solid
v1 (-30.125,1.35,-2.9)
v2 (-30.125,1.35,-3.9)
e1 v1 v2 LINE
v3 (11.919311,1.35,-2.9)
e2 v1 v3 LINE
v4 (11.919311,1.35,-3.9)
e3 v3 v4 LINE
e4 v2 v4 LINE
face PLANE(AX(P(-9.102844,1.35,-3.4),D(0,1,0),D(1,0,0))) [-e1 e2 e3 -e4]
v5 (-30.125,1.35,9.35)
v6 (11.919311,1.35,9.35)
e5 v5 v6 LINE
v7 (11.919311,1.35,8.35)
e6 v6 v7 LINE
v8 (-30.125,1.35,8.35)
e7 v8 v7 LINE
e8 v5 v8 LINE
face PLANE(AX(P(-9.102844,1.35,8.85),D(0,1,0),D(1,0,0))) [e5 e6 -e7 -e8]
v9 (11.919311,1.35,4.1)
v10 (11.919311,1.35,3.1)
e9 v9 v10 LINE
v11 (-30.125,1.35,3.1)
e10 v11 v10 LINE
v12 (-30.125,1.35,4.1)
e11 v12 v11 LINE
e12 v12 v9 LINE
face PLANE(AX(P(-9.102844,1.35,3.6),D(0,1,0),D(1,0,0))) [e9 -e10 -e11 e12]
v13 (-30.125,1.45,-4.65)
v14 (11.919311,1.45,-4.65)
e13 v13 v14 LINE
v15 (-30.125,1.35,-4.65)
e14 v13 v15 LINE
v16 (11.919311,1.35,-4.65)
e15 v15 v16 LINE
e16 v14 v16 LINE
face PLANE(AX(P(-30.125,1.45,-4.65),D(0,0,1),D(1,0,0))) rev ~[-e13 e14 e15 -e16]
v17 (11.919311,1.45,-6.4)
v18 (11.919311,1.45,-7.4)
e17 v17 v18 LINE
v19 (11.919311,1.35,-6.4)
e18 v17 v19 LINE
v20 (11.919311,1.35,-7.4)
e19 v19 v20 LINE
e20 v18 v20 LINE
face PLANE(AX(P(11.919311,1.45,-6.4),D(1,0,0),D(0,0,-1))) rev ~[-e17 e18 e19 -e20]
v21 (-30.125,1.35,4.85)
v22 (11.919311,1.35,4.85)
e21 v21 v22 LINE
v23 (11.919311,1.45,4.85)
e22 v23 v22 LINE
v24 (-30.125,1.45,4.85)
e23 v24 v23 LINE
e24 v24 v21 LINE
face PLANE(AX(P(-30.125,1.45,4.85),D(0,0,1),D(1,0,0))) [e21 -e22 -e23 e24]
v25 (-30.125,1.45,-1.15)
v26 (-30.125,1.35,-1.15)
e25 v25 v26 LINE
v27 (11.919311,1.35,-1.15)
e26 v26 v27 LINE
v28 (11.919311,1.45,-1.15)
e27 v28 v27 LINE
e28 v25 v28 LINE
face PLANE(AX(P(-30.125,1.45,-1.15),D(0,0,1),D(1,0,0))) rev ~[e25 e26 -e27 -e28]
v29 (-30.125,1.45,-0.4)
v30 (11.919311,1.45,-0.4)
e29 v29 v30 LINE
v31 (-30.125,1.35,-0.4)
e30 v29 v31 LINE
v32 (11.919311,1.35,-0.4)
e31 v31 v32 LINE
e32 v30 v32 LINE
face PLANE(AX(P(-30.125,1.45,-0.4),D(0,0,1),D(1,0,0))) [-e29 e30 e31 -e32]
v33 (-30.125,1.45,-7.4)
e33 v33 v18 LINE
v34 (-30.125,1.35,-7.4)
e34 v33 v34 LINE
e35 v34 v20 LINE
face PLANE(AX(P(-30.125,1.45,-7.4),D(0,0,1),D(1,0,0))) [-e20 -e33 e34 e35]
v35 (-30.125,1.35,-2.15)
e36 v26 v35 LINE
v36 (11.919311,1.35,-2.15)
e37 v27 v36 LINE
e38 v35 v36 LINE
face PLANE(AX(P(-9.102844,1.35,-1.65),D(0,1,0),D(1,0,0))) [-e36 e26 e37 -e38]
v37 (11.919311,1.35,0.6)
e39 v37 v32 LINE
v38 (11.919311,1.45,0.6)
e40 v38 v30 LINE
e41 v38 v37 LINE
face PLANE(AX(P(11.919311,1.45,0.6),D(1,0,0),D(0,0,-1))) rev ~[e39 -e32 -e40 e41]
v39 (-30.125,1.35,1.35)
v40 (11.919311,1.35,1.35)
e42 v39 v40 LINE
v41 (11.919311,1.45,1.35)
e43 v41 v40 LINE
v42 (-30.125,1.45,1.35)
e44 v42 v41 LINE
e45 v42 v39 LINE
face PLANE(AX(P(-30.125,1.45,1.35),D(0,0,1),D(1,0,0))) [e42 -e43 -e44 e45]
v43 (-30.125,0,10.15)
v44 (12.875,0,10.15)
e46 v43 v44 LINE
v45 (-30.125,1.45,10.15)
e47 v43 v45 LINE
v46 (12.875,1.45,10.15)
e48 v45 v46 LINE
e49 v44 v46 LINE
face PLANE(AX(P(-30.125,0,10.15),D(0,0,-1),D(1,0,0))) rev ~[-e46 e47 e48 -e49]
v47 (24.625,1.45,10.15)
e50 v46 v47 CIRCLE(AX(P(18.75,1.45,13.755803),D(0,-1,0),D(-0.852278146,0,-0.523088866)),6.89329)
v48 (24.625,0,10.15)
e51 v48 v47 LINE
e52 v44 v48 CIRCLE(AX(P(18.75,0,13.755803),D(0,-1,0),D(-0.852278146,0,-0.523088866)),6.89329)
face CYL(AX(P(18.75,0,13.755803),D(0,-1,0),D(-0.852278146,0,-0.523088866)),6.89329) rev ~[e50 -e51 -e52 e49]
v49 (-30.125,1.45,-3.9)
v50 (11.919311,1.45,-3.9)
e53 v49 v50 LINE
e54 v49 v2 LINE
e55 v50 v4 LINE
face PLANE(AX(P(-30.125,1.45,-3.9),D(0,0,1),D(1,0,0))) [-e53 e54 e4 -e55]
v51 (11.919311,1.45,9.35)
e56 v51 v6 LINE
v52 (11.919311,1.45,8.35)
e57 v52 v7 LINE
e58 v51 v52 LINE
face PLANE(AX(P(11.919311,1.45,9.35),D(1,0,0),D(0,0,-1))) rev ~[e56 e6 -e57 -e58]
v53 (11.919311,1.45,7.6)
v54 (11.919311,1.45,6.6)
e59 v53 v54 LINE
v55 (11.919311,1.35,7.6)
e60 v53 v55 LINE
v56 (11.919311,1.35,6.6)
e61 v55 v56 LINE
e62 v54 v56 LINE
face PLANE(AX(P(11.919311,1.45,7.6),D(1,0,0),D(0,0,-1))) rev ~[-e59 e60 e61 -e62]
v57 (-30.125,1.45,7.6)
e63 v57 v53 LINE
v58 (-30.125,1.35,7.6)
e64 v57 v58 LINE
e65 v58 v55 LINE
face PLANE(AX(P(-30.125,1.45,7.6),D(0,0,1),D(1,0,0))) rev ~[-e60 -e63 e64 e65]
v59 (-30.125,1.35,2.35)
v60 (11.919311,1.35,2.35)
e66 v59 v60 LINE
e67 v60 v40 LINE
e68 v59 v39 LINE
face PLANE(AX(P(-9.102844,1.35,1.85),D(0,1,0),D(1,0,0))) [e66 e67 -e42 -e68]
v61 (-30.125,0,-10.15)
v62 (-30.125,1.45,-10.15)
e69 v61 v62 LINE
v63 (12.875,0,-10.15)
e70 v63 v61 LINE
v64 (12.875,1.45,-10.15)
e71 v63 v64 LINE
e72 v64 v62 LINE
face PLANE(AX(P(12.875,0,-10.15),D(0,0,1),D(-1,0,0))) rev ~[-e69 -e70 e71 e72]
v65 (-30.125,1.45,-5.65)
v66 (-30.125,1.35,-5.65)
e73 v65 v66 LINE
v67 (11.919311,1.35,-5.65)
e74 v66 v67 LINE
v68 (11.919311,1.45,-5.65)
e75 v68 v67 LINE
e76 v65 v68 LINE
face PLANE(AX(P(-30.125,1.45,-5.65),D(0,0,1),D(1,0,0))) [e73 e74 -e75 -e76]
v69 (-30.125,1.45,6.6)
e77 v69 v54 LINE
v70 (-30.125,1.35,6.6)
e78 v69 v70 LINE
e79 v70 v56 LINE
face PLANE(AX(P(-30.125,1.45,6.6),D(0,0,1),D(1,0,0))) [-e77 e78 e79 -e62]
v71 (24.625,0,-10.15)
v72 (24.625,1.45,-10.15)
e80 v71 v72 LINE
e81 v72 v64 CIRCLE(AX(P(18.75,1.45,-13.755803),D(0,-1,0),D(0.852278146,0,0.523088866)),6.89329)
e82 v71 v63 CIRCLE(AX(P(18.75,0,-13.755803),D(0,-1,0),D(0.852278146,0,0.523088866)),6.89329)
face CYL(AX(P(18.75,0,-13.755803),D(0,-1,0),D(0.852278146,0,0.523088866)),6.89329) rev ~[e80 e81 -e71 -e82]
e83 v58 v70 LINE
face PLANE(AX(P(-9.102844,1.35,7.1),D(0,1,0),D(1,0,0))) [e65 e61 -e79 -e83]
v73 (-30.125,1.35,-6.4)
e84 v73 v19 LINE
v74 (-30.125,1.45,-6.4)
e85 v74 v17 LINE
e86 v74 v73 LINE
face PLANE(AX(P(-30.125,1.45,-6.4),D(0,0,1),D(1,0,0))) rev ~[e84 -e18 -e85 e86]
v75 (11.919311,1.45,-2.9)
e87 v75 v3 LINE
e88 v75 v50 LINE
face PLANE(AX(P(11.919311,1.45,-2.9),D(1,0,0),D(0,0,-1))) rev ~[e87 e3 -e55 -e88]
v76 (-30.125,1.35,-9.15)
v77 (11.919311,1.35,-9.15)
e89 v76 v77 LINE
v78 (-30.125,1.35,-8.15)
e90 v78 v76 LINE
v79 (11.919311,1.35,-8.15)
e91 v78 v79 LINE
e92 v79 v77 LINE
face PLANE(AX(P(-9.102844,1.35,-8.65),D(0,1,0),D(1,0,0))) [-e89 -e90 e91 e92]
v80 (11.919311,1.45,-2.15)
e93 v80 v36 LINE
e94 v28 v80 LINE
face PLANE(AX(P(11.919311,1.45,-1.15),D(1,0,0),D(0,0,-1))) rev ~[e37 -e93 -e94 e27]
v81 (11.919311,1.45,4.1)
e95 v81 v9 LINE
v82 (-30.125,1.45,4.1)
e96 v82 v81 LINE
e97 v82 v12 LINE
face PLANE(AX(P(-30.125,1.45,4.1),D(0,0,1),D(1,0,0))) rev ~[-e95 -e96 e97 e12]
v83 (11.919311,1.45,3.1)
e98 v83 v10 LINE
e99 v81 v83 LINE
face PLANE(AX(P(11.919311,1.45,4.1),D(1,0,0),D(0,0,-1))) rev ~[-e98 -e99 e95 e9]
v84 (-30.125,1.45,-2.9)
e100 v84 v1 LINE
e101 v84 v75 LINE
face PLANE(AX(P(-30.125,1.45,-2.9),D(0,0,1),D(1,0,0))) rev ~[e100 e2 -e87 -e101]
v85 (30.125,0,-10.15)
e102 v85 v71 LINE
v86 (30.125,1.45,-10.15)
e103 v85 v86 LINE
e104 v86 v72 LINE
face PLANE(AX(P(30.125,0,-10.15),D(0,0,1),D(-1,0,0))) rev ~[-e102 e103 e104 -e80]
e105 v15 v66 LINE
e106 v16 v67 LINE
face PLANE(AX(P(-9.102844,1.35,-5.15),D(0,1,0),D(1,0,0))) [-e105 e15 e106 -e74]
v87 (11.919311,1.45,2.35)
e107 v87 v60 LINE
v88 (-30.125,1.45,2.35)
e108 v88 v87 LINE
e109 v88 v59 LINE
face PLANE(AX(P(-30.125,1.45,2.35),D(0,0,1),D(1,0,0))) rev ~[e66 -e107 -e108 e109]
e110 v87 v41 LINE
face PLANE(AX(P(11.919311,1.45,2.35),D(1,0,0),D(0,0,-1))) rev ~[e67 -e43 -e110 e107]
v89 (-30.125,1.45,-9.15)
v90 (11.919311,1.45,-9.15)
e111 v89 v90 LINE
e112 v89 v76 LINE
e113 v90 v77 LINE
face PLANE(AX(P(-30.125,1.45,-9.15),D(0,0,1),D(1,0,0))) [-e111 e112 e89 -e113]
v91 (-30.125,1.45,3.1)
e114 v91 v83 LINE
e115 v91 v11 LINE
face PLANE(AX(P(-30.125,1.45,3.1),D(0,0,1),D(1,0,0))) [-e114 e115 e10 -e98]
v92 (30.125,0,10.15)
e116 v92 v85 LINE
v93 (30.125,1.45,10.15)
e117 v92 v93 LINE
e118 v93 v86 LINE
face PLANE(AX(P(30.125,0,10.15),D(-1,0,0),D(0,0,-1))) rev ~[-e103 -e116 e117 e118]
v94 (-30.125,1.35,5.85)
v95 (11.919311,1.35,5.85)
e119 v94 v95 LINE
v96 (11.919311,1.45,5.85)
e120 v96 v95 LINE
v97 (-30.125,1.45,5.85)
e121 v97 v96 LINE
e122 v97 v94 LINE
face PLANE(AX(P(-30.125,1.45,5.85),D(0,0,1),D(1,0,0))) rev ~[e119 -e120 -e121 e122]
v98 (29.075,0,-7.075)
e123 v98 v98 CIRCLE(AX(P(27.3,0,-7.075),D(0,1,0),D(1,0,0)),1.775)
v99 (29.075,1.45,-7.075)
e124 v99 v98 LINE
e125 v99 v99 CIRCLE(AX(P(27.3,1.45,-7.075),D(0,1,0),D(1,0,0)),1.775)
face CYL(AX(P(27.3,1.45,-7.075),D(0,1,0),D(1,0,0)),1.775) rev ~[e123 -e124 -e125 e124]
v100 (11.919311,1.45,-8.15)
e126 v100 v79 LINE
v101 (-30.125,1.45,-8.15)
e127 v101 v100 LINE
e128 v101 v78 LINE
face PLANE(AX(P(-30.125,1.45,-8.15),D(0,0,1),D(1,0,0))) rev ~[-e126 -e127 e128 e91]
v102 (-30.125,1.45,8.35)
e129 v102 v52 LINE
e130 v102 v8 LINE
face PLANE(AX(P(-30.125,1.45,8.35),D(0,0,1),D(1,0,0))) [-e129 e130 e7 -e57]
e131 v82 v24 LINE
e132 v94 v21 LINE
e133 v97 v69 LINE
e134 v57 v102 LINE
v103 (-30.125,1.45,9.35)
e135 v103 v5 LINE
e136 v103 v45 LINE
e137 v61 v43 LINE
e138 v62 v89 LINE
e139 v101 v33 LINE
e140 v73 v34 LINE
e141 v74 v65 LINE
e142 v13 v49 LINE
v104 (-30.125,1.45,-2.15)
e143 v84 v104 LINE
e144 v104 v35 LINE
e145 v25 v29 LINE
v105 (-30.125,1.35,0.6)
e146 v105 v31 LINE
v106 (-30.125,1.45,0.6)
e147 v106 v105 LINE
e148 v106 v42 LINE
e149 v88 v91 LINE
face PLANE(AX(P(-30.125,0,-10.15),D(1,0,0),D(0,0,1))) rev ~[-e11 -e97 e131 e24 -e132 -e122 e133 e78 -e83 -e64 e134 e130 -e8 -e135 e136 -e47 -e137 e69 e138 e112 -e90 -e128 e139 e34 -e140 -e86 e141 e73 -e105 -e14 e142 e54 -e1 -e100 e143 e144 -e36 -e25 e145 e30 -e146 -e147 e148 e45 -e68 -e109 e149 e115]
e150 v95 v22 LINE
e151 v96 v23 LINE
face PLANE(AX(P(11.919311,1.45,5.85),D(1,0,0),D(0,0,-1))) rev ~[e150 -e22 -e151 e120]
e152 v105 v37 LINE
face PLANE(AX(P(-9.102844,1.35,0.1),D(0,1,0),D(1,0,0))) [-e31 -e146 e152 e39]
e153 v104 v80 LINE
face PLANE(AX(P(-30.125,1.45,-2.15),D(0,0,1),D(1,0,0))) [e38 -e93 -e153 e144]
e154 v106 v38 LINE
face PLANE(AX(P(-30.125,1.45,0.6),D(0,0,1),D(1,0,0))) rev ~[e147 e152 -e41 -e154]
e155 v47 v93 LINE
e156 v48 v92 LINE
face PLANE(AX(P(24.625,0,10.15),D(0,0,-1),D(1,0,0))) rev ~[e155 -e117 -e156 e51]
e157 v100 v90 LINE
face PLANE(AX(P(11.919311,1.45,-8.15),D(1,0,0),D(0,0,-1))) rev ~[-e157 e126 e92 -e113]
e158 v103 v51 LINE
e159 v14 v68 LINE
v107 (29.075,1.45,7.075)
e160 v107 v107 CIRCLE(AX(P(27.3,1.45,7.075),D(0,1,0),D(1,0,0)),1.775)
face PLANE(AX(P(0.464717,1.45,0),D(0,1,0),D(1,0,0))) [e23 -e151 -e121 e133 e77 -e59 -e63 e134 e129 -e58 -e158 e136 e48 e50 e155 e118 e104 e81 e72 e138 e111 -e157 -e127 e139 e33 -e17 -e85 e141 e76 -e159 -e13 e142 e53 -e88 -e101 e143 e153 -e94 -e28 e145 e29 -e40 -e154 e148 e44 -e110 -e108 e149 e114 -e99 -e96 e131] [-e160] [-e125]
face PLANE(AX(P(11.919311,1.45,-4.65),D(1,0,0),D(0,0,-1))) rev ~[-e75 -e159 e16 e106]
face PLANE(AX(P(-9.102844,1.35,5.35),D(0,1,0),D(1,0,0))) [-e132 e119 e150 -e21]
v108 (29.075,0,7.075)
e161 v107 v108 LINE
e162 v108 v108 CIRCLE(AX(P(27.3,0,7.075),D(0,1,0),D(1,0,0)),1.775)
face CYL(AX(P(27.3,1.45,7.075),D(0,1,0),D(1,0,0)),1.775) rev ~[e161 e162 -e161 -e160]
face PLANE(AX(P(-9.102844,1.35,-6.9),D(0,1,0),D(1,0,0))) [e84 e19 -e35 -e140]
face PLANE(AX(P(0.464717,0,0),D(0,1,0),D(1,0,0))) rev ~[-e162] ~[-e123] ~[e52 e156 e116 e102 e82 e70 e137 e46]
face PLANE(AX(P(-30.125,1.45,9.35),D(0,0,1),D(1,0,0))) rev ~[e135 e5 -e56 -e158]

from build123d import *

# Parameters (mm, degrees)
BOSS_EXTRUDE1_DEPTH = 1.45
SKETCH2_R           = 1.775
CUT_EXTRUDE1_DEPTH  = 2.45
SKETCH3_W           = 42.044311255
SKETCH3_H           = 1
CUT_EXTRUDE2_DEPTH  = 0.1


with BuildPart() as part:
    # Sketch1 → Boss-Extrude1 (new body)
    with BuildSketch(Plane(origin=(0, 0, 0), x_dir=(1, 0, 0), z_dir=(0, 1, 0))):
        with BuildLine():
            Line((-30.125, -10.15), (12.875, -10.15))
            ThreePointArc((12.875, -10.15), (18.75, -6.862513487), (24.625, -10.15))
            Line((24.625, -10.15), (30.125, -10.15))
            Line((30.125, -10.15), (30.125, 10.15))
            Line((30.125, 10.15), (24.625, 10.15))
            ThreePointArc((24.625, 10.15), (18.75, 6.862513487), (12.875, 10.15))
            Line((12.875, 10.15), (-30.125, 10.15))
            Line((-30.125, 10.15), (-30.125, -10.15))
        make_face()
    extrude(amount=BOSS_EXTRUDE1_DEPTH)

    # Sketch2 → Cut-Extrude1 (cut, through all)
    with BuildSketch(Plane(origin=(0, 1.45, 0), x_dir=(1, 0, 0), z_dir=(0, 1, 0))):
        with Locations((27.3, 7.075)):
            Circle(SKETCH2_R)
        with Locations((27.3, -7.075)):
            Circle(SKETCH2_R)
    extrude(amount=-CUT_EXTRUDE1_DEPTH, mode=Mode.SUBTRACT)

    # Sketch3 → Cut-Extrude2 (cut)
    with BuildSketch(Plane(origin=(0, 1.45, 0), x_dir=(1, 0, 0), z_dir=(0, 1, 0))):
        with Locations((-9.102844373, 8.65)):
            Rectangle(SKETCH3_W, SKETCH3_H)
        with Locations((-9.102844373, 6.9)):
            Rectangle(SKETCH3_W, SKETCH3_H)
        with Locations((-9.102844373, 5.15)):
            Rectangle(SKETCH3_W, SKETCH3_H)
        with Locations((-9.102844373, 3.4)):
            Rectangle(SKETCH3_W, SKETCH3_H)
        with Locations((-9.102844373, 1.65)):
            Rectangle(SKETCH3_W, SKETCH3_H)
        with Locations((-9.102844373, -0.1)):
            Rectangle(SKETCH3_W, SKETCH3_H)
        with Locations((-9.102844373, -1.85)):
            Rectangle(SKETCH3_W, SKETCH3_H)
        with Locations((-9.102844373, -3.6)):
            Rectangle(SKETCH3_W, SKETCH3_H)
        with Locations((-9.102844373, -5.35)):
            Rectangle(SKETCH3_W, SKETCH3_H)
        with Locations((-9.102844373, -7.1)):
            Rectangle(SKETCH3_W, SKETCH3_H)
        with Locations((-9.102844373, -8.85)):
            Rectangle(SKETCH3_W, SKETCH3_H)
    extrude(amount=-CUT_EXTRUDE2_DEPTH, mode=Mode.SUBTRACT)


solid = part.part
